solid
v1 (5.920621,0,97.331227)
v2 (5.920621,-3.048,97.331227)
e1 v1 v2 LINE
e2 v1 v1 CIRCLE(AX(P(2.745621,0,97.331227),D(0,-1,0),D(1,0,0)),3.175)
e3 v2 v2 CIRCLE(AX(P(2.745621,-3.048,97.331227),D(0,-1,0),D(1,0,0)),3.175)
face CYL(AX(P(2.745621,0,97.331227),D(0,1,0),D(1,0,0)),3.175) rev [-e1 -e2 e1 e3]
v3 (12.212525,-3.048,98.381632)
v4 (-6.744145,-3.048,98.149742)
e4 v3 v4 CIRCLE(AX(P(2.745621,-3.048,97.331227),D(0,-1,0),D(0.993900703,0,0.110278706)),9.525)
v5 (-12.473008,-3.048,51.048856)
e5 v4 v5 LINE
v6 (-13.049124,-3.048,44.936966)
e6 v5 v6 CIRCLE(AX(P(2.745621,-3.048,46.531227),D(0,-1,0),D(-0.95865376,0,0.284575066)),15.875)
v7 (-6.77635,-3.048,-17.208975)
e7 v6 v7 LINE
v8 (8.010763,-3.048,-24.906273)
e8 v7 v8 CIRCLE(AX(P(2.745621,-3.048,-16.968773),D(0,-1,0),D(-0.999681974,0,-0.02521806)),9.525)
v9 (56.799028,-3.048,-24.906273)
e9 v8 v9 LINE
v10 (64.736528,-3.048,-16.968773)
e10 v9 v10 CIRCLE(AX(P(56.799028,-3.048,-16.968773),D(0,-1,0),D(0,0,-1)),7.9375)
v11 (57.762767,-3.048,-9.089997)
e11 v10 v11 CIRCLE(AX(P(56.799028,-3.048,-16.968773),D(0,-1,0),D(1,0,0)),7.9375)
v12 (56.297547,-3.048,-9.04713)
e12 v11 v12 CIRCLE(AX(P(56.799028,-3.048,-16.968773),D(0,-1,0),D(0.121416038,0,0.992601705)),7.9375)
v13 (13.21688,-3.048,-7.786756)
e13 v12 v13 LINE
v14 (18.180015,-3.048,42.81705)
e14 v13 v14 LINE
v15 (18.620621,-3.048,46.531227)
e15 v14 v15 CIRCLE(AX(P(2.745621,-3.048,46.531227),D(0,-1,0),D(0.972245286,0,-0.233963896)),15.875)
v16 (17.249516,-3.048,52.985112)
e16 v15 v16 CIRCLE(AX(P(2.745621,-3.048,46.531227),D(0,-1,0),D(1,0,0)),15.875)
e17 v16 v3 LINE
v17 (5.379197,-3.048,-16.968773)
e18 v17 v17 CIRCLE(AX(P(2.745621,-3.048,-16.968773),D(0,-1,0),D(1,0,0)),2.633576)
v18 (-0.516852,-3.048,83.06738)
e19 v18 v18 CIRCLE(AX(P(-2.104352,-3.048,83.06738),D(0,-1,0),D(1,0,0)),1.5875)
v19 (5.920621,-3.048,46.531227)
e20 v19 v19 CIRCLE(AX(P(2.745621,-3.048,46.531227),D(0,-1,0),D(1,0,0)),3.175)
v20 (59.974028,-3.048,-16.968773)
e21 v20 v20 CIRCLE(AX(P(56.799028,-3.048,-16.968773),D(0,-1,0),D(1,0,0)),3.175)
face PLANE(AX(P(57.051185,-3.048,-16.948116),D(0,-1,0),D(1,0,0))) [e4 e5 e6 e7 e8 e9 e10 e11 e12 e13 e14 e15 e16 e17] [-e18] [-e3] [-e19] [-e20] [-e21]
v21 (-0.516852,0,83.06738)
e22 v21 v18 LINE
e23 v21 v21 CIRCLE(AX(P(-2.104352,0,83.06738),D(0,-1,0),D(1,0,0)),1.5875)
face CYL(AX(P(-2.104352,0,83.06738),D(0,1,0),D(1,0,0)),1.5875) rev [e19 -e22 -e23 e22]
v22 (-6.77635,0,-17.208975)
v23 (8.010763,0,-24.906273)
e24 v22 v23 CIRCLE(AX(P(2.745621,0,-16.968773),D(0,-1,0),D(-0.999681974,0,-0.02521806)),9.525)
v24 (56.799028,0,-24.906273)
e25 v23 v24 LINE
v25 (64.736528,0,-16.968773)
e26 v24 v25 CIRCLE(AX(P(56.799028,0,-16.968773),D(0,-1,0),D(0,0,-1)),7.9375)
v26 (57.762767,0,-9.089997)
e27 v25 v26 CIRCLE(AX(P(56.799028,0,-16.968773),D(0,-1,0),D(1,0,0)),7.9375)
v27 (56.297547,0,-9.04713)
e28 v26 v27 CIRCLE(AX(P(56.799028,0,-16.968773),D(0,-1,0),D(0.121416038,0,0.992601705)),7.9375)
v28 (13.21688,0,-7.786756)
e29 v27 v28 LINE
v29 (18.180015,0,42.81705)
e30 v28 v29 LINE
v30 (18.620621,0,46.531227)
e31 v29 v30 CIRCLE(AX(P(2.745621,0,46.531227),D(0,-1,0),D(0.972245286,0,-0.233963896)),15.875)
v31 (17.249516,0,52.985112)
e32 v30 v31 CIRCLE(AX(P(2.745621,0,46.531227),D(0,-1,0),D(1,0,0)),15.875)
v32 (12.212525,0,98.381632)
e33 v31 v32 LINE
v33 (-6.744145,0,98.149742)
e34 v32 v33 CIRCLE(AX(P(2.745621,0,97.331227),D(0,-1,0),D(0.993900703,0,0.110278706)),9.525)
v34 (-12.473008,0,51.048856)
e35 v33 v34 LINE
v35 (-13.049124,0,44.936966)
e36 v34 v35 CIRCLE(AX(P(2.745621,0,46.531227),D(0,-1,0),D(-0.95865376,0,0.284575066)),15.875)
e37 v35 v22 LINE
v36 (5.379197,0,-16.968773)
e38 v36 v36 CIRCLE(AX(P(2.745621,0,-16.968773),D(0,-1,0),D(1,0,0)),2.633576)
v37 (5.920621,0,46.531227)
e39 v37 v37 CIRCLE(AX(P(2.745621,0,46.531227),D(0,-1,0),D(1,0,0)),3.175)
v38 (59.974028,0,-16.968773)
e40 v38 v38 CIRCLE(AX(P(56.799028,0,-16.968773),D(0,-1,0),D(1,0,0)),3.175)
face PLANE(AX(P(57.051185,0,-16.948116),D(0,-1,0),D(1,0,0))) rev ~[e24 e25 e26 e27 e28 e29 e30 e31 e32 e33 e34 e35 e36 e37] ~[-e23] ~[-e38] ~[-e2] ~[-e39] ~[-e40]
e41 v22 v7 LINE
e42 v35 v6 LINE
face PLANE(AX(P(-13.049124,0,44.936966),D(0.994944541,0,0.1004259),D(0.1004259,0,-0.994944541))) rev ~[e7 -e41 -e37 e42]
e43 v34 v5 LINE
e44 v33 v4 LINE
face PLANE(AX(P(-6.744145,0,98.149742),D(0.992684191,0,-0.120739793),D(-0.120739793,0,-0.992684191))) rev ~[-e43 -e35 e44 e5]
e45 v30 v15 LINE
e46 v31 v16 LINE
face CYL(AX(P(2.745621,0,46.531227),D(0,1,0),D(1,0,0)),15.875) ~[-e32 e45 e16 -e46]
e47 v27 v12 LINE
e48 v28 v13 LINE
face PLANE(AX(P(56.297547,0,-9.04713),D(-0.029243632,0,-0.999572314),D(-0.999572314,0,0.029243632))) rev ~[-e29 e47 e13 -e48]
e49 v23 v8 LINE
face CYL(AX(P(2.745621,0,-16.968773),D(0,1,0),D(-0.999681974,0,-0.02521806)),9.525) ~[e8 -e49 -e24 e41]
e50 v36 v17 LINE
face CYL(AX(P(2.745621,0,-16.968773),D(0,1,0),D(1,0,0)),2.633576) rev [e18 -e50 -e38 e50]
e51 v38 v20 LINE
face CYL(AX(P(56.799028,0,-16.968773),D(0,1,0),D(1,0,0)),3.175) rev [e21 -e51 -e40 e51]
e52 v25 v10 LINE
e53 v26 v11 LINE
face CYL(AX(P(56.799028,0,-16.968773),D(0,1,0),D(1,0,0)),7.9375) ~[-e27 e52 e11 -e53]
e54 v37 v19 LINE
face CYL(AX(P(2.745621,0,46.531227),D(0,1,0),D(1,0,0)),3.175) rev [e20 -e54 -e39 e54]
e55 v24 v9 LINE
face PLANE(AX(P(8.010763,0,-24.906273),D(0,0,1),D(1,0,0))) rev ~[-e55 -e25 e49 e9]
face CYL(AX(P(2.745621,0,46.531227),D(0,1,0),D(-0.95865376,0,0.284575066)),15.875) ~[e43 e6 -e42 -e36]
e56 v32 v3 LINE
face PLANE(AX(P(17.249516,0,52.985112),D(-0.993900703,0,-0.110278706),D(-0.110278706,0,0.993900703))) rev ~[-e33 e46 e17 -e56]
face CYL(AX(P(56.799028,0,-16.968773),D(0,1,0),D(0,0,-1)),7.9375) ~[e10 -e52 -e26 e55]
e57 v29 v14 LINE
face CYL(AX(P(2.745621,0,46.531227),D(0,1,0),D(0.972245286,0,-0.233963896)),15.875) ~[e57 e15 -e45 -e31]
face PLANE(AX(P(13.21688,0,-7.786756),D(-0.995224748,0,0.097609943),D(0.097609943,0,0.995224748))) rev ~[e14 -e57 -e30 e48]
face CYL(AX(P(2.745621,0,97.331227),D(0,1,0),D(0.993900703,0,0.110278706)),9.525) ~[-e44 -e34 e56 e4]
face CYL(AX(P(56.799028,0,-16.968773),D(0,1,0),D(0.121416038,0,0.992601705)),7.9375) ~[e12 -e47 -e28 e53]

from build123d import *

# Parameters (mm, degrees)
F0_R     = 3.175
F0_R_2   = 2.6335759293
F0_R_3   = 1.5875
F1_DEPTH = 3.048


with BuildPart() as f1:
    # F0 (on Front) → F1 (new body)
    with BuildSketch(Plane.XZ):
        with BuildLine():
            ThreePointArc((56.7990275078, -24.9062731053), (62.4116875835, -22.581433181), (64.7365275078, -16.9687731053))
            ThreePointArc((64.7365275078, -16.9687731053), (62.7426623776, -11.707869116), (57.7627673101, -9.0899970681))
            Line((57.7627673101, -9.0899970681), (56.297547037, -9.0471303724))
            ThreePointArc((56.297547037, -9.0471303724), (48.8654928151, -17.2196386647), (56.7990275078, -24.9062731053))
        make_face()
        with Locations((56.7990275078, -16.9687731053)):
            Circle(F0_R, mode=Mode.SUBTRACT)
        with BuildLine():
            Line((56.297547037, -9.0471303724), (57.7627673101, -9.0899970681))
            ThreePointArc((57.7627673101, -9.0899970681), (57.0311488355, -9.0346678666), (56.297547037, -9.0471303724))
        make_face()
        with BuildLine():
            Line((8.0107625365, -24.9062731053), (56.7990275078, -24.9062731053))
            ThreePointArc((56.7990275078, -24.9062731053), (48.8654928151, -17.2196386647), (56.297547037, -9.0471303724))
            Line((56.297547037, -9.0471303724), (13.2168797338, -7.7867561536))
            Line((13.2168797338, -7.7867561536), (12.2251364065, -17.8985078123))
            ThreePointArc((12.2251364065, -17.8985078123), (10.9082443644, -21.8776629611), (8.0107625365, -24.9062731053))
        make_face()
        with BuildLine():
            ThreePointArc((-6.7763501221, -17.208975122), (-1.652361496, -25.4176415362), (8.0107625365, -24.9062731053))
            ThreePointArc((8.0107625365, -24.9062731053), (10.9082443644, -21.8776629611), (12.2251364065, -17.8985078123))
            ThreePointArc((12.2251364065, -17.8985078123), (12.2592428174, -17.4341964193), (12.2706206818, -16.9687731053))
            ThreePointArc((12.2706206818, -16.9687731053), (9.8779825256, -10.6556883181), (3.9021084446, -7.5142418607))
            ThreePointArc((3.9021084446, -7.5142418607), (-3.6569014681, -9.9165865564), (-6.7763501221, -17.208975122))
        make_face()
        with Locations((2.7456206818, -16.9687731053)):
            Circle(F0_R_2, mode=Mode.SUBTRACT)
        with BuildLine():
            Line((3.9021084446, -7.5142418607), (13.2168797338, -7.7867561536))
            Line((13.2168797338, -7.7867561536), (18.1800145925, 42.8170500531))
            ThreePointArc((18.1800145925, 42.8170500531), (1.6704584717, 30.6926773645), (-13.0491238986, 44.9369657372))
            Line((-13.0491238986, 44.9369657372), (-6.7763501221, -17.208975122))
            ThreePointArc((-6.7763501221, -17.208975122), (-3.6569014681, -9.9165865564), (3.9021084446, -7.5142418607))
        make_face()
        with BuildLine():
            Line((12.2251364065, -17.8985078123), (13.2168797338, -7.7867561536))
            Line((13.2168797338, -7.7867561536), (3.9021084446, -7.5142418607))
            ThreePointArc((3.9021084446, -7.5142418607), (9.8779825256, -10.6556883181), (12.2706206818, -16.9687731053))
            ThreePointArc((12.2706206818, -16.9687731053), (12.2592428174, -17.4341964193), (12.2251364065, -17.8985078123))
        make_face()
        with BuildLine():
            ThreePointArc((-13.0491238986, 44.9369657372), (1.6704584717, 30.6926773645), (18.1800145925, 42.8170500531))
            ThreePointArc((18.1800145925, 42.8170500531), (18.5100843316, 44.6611170492), (18.6206206818, 46.5312268947))
            ThreePointArc((18.6206206818, 46.5312268947), (18.2740618453, 49.830187342), (17.2495164257, 52.9851120231))
            ThreePointArc((17.2495164257, 52.9851120231), (1.7136407932, 62.3726486273), (-12.4730077607, 51.0488560659))
            ThreePointArc((-12.4730077607, 51.0488560659), (-13.0593192868, 48.0210247289), (-13.0491238986, 44.9369657372))
        make_face()
        with Locations((2.7456206818, 46.5312268947)):
            Circle(F0_R, mode=Mode.SUBTRACT)
        with BuildLine():
            Line((-6.7441452961, 98.1497418202), (-12.4730077607, 51.0488560659))
            ThreePointArc((-12.4730077607, 51.0488560659), (1.7136407932, 62.3726486273), (17.2495164257, 52.9851120231))
            Line((17.2495164257, 52.9851120231), (12.2125248757, 98.3816315712))
            ThreePointArc((12.2125248757, 98.3816315712), (12.2560856402, 97.8572319106), (12.2706206818, 97.3312268947))
            ThreePointArc((12.2706206818, 97.3312268947), (2.3359842212, 87.8150394769), (-6.7441452961, 98.1497418202))
        make_face()
        with Locations((-2.1043515299, 83.0673798919)):
            Circle(F0_R_3, mode=Mode.SUBTRACT)
        with BuildLine():
            ThreePointArc((12.2125248757, 98.3816315712), (2.6291136887, 106.8555143284), (-6.7441452961, 98.1497418202))
            ThreePointArc((-6.7441452961, 98.1497418202), (2.3359842212, 87.8150394769), (12.2706206818, 97.3312268947))
            ThreePointArc((12.2706206818, 97.3312268947), (12.2560856402, 97.8572319106), (12.2125248757, 98.3816315712))
        make_face()
        with Locations((2.7456206818, 97.3312268947)):
            Circle(F0_R, mode=Mode.SUBTRACT)
    extrude(amount=F1_DEPTH)


solid = f1.part
